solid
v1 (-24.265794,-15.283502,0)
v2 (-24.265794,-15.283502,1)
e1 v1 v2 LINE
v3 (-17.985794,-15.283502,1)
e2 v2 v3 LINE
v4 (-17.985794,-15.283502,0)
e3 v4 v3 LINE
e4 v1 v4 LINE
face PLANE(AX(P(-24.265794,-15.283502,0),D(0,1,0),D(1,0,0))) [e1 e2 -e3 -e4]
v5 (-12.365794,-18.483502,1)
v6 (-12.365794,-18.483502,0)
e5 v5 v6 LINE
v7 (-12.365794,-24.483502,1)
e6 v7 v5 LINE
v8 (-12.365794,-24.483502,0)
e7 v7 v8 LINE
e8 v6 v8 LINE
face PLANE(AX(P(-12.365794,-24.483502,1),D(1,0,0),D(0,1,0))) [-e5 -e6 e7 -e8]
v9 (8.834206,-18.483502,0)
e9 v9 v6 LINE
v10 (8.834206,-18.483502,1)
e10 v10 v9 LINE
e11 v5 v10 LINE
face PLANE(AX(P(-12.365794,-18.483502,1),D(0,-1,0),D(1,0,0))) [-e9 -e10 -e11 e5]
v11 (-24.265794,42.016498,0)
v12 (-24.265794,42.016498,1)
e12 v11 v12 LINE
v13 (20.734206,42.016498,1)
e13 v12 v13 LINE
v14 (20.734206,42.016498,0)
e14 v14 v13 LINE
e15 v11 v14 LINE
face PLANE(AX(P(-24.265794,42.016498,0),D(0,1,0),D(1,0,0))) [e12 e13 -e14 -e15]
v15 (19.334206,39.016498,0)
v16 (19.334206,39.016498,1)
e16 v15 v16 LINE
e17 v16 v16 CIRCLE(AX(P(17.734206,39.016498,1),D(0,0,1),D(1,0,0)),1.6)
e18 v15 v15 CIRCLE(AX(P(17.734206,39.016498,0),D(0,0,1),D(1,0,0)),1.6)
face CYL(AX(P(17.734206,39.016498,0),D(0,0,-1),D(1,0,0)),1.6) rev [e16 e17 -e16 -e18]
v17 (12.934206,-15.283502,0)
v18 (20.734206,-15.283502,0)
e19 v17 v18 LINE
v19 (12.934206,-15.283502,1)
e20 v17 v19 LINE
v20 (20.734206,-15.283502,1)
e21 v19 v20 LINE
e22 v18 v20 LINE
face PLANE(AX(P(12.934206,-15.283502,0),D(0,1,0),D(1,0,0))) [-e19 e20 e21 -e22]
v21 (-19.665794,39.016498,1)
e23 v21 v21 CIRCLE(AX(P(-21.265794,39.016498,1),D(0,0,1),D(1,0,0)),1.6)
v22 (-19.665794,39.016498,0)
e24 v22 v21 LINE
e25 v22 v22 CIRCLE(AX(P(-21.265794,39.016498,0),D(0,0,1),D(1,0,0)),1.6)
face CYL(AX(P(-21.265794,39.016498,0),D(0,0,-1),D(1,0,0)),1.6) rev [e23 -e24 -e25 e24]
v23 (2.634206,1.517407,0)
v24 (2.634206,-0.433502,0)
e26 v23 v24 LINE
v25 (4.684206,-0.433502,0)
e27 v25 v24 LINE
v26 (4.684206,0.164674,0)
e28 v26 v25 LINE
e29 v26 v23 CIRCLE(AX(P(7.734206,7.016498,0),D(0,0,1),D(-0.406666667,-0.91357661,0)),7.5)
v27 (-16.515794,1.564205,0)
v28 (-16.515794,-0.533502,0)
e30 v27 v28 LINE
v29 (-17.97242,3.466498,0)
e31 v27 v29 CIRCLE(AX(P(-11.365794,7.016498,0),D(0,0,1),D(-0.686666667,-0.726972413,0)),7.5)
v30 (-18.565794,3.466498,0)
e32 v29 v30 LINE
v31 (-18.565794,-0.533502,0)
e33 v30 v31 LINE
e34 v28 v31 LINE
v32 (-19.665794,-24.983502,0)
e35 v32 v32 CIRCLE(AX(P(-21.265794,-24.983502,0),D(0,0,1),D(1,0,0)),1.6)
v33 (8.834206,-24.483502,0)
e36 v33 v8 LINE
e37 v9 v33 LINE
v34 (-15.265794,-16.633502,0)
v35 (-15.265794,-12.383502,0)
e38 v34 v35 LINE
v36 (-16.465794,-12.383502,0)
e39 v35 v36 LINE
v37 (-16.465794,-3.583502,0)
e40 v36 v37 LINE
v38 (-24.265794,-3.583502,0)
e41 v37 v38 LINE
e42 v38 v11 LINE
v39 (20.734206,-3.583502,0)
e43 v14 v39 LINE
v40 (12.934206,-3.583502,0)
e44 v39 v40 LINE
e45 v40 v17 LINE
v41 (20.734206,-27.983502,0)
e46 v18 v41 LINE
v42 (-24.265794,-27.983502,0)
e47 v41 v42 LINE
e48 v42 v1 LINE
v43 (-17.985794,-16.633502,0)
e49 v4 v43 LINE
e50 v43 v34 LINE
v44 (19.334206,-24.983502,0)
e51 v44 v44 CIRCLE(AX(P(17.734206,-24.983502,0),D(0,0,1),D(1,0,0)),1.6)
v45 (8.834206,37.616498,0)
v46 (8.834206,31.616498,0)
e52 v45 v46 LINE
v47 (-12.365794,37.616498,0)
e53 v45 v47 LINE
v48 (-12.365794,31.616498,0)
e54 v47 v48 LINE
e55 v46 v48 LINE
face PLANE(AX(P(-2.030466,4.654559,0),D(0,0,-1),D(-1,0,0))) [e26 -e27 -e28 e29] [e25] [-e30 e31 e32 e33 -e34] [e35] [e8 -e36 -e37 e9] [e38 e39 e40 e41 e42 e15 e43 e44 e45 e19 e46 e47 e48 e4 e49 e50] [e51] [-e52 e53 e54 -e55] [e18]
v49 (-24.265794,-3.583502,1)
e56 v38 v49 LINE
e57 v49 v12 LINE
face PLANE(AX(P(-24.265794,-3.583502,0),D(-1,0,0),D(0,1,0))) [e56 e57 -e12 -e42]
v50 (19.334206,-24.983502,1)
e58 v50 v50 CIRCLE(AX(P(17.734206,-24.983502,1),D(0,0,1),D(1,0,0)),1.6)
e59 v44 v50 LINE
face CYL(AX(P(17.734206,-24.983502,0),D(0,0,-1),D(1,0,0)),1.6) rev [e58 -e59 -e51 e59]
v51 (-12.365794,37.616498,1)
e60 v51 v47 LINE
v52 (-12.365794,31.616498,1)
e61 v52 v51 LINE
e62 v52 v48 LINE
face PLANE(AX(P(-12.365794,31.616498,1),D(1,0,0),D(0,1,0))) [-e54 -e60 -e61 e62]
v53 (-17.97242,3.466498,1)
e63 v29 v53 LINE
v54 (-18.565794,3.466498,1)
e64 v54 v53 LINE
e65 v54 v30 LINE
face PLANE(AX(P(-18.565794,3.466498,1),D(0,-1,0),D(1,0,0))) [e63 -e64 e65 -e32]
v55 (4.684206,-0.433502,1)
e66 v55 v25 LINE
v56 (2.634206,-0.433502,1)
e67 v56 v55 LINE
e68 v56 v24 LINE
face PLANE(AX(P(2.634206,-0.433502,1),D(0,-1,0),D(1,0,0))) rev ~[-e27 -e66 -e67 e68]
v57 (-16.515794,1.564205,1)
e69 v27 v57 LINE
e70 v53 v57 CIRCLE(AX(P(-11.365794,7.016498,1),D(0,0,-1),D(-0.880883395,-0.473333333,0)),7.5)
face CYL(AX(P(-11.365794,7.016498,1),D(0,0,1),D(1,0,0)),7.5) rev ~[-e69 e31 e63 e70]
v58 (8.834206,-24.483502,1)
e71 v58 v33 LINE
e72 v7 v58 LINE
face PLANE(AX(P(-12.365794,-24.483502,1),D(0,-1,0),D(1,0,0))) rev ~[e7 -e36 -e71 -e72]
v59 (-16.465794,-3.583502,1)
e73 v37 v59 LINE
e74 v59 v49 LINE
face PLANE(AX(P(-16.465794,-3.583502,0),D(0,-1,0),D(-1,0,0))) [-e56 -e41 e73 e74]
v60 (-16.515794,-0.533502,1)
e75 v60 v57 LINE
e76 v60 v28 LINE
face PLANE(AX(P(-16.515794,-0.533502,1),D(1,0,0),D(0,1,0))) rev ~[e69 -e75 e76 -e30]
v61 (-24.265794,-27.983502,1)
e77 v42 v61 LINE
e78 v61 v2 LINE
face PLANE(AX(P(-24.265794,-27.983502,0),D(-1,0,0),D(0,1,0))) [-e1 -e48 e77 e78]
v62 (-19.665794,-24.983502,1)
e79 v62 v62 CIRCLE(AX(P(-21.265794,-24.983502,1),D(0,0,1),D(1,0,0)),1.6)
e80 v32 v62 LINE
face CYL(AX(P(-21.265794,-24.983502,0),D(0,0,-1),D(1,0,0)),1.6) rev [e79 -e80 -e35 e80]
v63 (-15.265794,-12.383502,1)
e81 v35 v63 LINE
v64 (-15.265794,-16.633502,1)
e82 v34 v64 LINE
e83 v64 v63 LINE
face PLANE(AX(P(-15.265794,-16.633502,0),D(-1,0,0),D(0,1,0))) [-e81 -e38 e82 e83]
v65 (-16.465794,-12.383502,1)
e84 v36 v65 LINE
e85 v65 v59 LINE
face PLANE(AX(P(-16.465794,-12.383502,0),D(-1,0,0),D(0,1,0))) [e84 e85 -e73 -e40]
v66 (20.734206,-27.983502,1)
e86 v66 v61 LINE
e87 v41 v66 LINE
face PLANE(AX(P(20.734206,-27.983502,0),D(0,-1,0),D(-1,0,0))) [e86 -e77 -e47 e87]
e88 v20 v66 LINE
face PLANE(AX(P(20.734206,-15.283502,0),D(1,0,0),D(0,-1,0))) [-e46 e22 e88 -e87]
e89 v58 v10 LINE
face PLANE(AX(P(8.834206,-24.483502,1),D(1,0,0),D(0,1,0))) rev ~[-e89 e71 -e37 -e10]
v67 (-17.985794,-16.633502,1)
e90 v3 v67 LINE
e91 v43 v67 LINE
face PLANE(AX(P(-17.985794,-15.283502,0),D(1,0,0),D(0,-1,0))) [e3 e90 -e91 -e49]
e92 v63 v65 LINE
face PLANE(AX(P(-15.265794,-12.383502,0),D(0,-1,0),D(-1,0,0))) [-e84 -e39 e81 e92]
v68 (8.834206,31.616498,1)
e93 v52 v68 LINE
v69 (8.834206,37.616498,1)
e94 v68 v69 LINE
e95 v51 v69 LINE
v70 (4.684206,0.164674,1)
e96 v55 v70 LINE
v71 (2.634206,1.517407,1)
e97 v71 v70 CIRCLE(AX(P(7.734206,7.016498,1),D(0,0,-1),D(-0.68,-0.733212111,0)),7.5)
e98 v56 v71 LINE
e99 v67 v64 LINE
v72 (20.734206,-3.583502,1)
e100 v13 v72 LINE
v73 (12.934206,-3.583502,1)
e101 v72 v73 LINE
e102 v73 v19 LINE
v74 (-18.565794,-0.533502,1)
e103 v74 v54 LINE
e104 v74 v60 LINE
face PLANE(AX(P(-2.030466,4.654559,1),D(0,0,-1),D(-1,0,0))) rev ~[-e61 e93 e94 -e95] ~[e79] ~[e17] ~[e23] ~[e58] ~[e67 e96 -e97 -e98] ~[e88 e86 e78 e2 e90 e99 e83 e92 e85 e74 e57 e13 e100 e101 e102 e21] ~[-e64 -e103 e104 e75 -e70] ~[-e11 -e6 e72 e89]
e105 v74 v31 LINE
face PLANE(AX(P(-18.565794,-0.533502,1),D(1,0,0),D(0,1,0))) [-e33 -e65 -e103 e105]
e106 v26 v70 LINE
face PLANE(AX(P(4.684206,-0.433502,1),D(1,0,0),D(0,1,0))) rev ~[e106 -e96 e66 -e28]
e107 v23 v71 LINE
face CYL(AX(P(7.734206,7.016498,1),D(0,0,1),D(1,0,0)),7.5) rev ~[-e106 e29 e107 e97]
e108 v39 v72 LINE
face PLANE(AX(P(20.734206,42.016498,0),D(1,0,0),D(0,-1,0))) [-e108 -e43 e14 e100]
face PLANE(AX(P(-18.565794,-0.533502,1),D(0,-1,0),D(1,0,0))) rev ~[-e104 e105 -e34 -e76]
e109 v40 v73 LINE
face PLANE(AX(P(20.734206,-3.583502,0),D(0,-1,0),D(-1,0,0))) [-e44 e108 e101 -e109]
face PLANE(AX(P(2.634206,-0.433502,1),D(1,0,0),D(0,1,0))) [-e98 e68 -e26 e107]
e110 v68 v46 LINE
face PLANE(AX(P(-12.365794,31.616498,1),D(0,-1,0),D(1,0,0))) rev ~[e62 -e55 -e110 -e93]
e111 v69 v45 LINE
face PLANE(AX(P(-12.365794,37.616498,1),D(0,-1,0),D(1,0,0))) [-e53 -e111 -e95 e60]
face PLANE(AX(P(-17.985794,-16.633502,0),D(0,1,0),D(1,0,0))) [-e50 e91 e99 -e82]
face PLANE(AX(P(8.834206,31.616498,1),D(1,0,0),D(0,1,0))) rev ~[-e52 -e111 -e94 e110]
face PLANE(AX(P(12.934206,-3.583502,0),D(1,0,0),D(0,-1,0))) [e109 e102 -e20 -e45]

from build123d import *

# Parameters (mm, degrees)
SKETCH1_R           = 1.6
BOSS_EXTRUDE1_DEPTH = 1
SKETCH5_W           = 2.05
SKETCH5_H           = 4
CUT_EXTRUDE1_DEPTH  = 4
SKETCH4_W           = 21.2
SKETCH4_H           = 6
CUT_EXTRUDE2_DEPTH  = 4
SKETCH2_R           = 7.5
CUT_EXTRUDE3_DEPTH  = 4


with BuildPart() as part:
    # Sketch1 → Boss-Extrude1 (new body)
    with BuildSketch(Plane.XY):
        Polygon((20.734205703, -15.283501687), (20.734205703, -27.983501687), (-24.265794297, -27.983501687), (-24.265794297, -15.283501687), (-17.985794297, -15.283501687), (-17.985794297, -16.633501687), (-15.265794297, -16.633501687), (-15.265794297, -12.383501687), (-16.465794297, -12.383501687), (-16.465794297, -3.583501687), (-24.265794297, -3.583501687), (-24.265794297, 42.016498313), (20.734205703, 42.016498313), (20.734205703, -3.583501687), (12.934205703, -3.583501687), (12.934205703, -15.283501687), align=None)
        with Locations((-21.265794297, 39.016498313)):
            Circle(SKETCH1_R, mode=Mode.SUBTRACT)
        with Locations((17.734205703, 39.016498313)):
            Circle(SKETCH1_R, mode=Mode.SUBTRACT)
        with Locations((-21.265794297, -24.983501687)):
            Circle(SKETCH1_R, mode=Mode.SUBTRACT)
        with Locations((17.734205703, -24.983501687)):
            Circle(SKETCH1_R, mode=Mode.SUBTRACT)
    extrude(amount=BOSS_EXTRUDE1_DEPTH)

    # Sketch5 → Cut-Extrude1 (cut)
    with BuildSketch(Plane.XY.offset(1)):
        with Locations((-17.540794297, 1.466498313)):
            Rectangle(SKETCH5_W, SKETCH5_H)
        with Locations((3.659205703, 1.566498313)):
            Rectangle(SKETCH5_W, SKETCH5_H)
    extrude(amount=-CUT_EXTRUDE1_DEPTH, mode=Mode.SUBTRACT)

    # Sketch4 → Cut-Extrude2 (cut)
    with BuildSketch(Plane.XY.offset(1)):
        with Locations((-1.765794297, -21.483501687)):
            Rectangle(SKETCH4_W, SKETCH4_H)
        with Locations((-1.765794297, 34.616498313)):
            Rectangle(SKETCH4_W, SKETCH4_H)
    extrude(amount=-CUT_EXTRUDE2_DEPTH, mode=Mode.SUBTRACT)

    # Sketch2 → Cut-Extrude3 (cut)
    with BuildSketch(Plane.XY.offset(1)):
        with Locations((-11.365794297, 7.016498313)):
            Circle(SKETCH2_R)
        with Locations((7.734205703, 7.016498313)):
            Circle(SKETCH2_R)
    extrude(amount=-CUT_EXTRUDE3_DEPTH, mode=Mode.SUBTRACT)


solid = part.part
